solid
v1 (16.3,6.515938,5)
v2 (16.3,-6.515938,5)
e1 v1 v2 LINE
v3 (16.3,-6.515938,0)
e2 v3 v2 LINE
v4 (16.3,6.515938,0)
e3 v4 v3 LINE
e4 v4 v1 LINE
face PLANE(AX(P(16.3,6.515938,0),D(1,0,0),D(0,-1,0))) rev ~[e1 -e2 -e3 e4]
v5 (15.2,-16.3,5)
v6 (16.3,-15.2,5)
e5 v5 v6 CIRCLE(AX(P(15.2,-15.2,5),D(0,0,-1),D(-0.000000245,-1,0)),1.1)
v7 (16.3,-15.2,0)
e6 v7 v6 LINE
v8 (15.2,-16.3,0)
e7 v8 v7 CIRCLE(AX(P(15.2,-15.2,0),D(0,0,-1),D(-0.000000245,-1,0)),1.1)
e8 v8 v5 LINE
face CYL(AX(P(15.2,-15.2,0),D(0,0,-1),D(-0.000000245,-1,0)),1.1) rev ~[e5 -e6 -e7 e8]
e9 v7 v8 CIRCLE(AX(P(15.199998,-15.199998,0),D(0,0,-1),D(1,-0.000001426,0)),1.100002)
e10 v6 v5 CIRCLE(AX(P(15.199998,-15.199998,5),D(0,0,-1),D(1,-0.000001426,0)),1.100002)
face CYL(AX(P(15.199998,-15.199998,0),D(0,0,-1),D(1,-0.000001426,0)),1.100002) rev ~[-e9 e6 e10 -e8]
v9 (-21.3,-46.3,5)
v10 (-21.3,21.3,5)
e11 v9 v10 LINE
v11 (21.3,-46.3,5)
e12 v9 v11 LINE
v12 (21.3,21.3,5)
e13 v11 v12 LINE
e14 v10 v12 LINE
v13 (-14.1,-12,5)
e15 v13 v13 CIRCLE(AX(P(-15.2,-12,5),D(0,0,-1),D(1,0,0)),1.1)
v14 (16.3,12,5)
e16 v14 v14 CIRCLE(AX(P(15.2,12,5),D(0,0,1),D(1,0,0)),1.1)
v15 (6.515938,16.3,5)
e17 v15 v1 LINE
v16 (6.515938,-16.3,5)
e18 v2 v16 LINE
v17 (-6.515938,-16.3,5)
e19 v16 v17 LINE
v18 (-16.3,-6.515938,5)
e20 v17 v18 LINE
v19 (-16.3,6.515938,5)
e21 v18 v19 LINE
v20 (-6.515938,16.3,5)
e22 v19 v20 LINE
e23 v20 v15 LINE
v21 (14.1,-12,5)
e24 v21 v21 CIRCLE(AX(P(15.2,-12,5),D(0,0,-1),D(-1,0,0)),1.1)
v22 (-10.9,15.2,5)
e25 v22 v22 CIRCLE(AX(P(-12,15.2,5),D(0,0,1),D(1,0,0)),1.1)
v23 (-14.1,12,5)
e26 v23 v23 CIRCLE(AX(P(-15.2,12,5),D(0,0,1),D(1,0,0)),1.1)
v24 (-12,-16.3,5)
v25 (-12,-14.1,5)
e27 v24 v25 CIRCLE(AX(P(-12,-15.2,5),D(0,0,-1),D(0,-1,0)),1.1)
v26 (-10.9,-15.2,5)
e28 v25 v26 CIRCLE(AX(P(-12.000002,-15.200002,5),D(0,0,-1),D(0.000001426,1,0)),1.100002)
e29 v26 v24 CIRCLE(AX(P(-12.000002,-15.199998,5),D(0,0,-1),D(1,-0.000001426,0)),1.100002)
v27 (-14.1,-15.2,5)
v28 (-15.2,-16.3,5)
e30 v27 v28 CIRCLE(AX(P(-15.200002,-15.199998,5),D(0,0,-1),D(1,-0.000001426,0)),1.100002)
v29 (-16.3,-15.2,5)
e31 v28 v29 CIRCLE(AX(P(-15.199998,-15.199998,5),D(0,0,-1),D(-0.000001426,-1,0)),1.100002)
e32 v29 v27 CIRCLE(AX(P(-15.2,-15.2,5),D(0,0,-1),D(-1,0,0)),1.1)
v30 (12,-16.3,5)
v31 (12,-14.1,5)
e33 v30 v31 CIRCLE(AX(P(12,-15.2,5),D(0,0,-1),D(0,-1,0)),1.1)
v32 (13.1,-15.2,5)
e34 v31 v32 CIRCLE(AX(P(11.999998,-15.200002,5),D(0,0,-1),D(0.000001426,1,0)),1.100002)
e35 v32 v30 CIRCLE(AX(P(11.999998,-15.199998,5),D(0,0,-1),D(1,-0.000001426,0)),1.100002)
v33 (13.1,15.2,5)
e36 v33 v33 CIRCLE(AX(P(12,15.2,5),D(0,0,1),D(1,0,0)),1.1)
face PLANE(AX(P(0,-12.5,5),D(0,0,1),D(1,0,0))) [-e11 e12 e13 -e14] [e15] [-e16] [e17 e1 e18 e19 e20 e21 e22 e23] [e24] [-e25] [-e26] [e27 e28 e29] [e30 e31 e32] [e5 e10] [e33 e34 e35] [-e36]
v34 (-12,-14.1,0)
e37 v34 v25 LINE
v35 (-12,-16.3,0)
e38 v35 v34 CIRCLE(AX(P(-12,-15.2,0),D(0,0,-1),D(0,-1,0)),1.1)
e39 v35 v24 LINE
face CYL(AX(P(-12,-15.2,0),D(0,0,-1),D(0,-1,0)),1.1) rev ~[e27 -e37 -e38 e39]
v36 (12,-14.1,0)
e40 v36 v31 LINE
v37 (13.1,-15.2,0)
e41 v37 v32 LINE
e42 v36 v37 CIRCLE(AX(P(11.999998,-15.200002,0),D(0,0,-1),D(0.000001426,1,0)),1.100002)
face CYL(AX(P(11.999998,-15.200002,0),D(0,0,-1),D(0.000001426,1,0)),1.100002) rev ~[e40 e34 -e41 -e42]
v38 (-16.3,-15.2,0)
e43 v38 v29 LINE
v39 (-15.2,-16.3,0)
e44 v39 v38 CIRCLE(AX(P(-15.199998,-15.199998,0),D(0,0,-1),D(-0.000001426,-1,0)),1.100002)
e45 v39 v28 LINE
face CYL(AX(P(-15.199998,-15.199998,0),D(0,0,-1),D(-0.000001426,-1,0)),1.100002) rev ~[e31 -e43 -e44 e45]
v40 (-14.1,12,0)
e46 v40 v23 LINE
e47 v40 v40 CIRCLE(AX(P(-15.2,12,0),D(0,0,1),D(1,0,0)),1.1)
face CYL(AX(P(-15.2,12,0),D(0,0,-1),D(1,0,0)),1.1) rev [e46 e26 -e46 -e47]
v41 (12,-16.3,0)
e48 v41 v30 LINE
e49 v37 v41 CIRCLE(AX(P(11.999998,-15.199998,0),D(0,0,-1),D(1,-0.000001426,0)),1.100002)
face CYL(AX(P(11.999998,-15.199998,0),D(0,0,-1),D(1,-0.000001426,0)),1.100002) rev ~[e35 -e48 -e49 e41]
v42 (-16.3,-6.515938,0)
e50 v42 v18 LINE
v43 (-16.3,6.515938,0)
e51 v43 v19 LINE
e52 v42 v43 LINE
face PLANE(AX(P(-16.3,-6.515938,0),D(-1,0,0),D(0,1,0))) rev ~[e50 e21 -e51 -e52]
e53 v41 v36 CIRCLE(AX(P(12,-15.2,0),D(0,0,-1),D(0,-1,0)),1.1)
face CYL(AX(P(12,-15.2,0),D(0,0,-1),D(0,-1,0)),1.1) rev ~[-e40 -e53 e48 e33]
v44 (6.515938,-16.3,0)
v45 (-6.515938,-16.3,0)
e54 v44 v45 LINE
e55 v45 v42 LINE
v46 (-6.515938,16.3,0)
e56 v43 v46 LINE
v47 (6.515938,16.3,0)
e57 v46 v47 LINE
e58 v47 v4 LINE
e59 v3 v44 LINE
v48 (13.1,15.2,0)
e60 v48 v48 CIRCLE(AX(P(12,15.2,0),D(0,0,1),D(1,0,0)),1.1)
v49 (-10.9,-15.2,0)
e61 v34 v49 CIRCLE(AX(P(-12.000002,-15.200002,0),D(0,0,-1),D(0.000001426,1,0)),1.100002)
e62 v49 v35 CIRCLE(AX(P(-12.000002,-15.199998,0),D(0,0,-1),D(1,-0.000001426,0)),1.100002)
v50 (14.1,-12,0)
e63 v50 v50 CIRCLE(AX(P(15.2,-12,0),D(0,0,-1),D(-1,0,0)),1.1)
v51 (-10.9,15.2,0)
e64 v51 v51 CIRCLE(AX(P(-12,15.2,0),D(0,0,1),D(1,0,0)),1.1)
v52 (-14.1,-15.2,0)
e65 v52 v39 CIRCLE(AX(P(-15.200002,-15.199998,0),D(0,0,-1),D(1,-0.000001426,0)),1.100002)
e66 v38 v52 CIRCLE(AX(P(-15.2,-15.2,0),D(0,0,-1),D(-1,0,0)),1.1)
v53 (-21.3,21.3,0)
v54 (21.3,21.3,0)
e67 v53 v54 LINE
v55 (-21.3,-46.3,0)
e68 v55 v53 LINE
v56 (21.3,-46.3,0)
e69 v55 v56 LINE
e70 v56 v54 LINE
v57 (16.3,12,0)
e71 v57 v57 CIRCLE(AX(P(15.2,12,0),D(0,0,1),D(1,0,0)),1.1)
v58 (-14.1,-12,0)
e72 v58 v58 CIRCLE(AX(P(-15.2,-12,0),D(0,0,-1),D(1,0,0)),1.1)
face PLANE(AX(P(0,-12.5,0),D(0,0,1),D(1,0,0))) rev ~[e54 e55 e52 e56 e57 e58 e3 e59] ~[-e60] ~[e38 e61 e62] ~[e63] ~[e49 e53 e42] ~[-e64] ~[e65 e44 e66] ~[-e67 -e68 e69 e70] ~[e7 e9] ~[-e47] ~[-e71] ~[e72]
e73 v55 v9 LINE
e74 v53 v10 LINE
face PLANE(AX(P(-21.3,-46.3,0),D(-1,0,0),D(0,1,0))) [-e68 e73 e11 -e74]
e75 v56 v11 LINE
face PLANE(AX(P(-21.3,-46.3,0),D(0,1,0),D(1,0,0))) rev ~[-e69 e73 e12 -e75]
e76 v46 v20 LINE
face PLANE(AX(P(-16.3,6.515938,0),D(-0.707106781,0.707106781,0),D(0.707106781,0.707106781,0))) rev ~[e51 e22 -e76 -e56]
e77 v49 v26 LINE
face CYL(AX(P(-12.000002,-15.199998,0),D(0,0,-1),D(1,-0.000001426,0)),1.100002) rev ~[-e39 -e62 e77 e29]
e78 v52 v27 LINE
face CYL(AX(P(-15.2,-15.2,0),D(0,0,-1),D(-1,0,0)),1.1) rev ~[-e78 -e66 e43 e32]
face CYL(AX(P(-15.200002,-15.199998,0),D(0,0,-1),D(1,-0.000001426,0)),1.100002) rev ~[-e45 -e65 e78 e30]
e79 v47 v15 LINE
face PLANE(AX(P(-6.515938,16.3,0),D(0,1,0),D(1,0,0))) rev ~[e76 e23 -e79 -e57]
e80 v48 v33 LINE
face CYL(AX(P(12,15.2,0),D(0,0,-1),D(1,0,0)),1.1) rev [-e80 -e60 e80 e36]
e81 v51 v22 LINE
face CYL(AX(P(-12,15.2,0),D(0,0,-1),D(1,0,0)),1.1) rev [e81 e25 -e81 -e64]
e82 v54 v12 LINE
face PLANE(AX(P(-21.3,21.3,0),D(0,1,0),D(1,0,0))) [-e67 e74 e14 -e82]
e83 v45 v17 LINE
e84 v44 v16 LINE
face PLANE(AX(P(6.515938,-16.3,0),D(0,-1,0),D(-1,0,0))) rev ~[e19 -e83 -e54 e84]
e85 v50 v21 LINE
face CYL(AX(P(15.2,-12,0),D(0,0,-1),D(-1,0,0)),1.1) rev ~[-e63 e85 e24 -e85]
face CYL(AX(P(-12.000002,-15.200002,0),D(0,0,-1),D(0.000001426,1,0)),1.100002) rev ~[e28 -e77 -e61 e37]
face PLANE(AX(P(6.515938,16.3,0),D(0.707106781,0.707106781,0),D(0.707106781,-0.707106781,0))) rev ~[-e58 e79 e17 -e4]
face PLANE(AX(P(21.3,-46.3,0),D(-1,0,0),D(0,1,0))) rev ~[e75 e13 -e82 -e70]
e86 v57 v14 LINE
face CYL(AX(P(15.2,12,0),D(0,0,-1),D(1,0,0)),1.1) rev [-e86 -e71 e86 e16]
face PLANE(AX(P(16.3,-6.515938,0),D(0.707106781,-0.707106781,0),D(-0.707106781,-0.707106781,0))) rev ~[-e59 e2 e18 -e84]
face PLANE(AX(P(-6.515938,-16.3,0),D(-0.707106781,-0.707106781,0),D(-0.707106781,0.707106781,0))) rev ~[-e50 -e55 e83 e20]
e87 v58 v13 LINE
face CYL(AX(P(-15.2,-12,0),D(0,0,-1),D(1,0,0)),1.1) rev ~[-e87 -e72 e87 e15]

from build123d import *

# Parameters (mm, degrees)
F0_W     = 42.6
F0_H     = 67.6
F0_R     = 1.1
F1_DEPTH = 5


with BuildPart() as f1:
    # F0 (on Top) → F1 (new body)
    with BuildSketch(Plane.XY):
        with Locations((0, -12.5)):
            Rectangle(F0_W, F0_H)
        with BuildLine():
            ThreePointArc((-15.2, -16.3), (-15.977817, -15.977817), (-16.3, -15.2))
            ThreePointArc((-16.3, -15.2), (-15.2, -14.1), (-14.1, -15.2))
            ThreePointArc((-14.1, -15.2), (-14.422183, -15.977817), (-15.2, -16.3))
        make_face(mode=Mode.SUBTRACT)
        with BuildLine():
            ThreePointArc((-10.9, -15.2), (-11.222183, -15.977817), (-12, -16.3))
            ThreePointArc((-12, -16.3), (-13.1, -15.2), (-12, -14.1))
            ThreePointArc((-12, -14.1), (-11.222183, -14.422183), (-10.9, -15.2))
        make_face(mode=Mode.SUBTRACT)
        with BuildLine():
            ThreePointArc((13.1, -15.2), (12.777817, -15.977817), (12, -16.3))
            ThreePointArc((12, -16.3), (10.9, -15.2), (12, -14.1))
            ThreePointArc((12, -14.1), (12.777817, -14.422183), (13.1, -15.2))
        make_face(mode=Mode.SUBTRACT)
        with BuildLine():
            ThreePointArc((15.2, -16.3), (14.422183, -14.422183), (16.3, -15.2))
            ThreePointArc((16.3, -15.2), (15.977817, -15.977817), (15.2, -16.3))
        make_face(mode=Mode.SUBTRACT)
        with BuildLine():
            ThreePointArc((-16.3, -12), (-15.2, -10.9), (-14.1, -12))
            ThreePointArc((-14.1, -12), (-15.2, -13.1), (-16.3, -12))
        make_face(mode=Mode.SUBTRACT)
        with Locations((-15.2, 12)):
            Circle(F0_R, mode=Mode.SUBTRACT)
        with Locations((-12, 15.2)):
            Circle(F0_R, mode=Mode.SUBTRACT)
        Polygon((-16.3, 6.515938), (-6.515938, 16.3), (0, 16.3), (6.515938, 16.3), (16.3, 6.515938), (16.3, 0), (16.3, -6.515938), (6.515938, -16.3), (0, -16.3), (-6.515938, -16.3), (-16.3, -6.515938), (-16.3, 0), align=None, mode=Mode.SUBTRACT)
        with BuildLine():
            ThreePointArc((16.3, -12), (15.2, -13.1), (14.1, -12))
            ThreePointArc((14.1, -12), (15.2, -10.9), (16.3, -12))
        make_face(mode=Mode.SUBTRACT)
        with Locations((15.2, 12)):
            Circle(F0_R, mode=Mode.SUBTRACT)
        with Locations((12, 15.2)):
            Circle(F0_R, mode=Mode.SUBTRACT)
    extrude(amount=F1_DEPTH)


solid = f1.part
